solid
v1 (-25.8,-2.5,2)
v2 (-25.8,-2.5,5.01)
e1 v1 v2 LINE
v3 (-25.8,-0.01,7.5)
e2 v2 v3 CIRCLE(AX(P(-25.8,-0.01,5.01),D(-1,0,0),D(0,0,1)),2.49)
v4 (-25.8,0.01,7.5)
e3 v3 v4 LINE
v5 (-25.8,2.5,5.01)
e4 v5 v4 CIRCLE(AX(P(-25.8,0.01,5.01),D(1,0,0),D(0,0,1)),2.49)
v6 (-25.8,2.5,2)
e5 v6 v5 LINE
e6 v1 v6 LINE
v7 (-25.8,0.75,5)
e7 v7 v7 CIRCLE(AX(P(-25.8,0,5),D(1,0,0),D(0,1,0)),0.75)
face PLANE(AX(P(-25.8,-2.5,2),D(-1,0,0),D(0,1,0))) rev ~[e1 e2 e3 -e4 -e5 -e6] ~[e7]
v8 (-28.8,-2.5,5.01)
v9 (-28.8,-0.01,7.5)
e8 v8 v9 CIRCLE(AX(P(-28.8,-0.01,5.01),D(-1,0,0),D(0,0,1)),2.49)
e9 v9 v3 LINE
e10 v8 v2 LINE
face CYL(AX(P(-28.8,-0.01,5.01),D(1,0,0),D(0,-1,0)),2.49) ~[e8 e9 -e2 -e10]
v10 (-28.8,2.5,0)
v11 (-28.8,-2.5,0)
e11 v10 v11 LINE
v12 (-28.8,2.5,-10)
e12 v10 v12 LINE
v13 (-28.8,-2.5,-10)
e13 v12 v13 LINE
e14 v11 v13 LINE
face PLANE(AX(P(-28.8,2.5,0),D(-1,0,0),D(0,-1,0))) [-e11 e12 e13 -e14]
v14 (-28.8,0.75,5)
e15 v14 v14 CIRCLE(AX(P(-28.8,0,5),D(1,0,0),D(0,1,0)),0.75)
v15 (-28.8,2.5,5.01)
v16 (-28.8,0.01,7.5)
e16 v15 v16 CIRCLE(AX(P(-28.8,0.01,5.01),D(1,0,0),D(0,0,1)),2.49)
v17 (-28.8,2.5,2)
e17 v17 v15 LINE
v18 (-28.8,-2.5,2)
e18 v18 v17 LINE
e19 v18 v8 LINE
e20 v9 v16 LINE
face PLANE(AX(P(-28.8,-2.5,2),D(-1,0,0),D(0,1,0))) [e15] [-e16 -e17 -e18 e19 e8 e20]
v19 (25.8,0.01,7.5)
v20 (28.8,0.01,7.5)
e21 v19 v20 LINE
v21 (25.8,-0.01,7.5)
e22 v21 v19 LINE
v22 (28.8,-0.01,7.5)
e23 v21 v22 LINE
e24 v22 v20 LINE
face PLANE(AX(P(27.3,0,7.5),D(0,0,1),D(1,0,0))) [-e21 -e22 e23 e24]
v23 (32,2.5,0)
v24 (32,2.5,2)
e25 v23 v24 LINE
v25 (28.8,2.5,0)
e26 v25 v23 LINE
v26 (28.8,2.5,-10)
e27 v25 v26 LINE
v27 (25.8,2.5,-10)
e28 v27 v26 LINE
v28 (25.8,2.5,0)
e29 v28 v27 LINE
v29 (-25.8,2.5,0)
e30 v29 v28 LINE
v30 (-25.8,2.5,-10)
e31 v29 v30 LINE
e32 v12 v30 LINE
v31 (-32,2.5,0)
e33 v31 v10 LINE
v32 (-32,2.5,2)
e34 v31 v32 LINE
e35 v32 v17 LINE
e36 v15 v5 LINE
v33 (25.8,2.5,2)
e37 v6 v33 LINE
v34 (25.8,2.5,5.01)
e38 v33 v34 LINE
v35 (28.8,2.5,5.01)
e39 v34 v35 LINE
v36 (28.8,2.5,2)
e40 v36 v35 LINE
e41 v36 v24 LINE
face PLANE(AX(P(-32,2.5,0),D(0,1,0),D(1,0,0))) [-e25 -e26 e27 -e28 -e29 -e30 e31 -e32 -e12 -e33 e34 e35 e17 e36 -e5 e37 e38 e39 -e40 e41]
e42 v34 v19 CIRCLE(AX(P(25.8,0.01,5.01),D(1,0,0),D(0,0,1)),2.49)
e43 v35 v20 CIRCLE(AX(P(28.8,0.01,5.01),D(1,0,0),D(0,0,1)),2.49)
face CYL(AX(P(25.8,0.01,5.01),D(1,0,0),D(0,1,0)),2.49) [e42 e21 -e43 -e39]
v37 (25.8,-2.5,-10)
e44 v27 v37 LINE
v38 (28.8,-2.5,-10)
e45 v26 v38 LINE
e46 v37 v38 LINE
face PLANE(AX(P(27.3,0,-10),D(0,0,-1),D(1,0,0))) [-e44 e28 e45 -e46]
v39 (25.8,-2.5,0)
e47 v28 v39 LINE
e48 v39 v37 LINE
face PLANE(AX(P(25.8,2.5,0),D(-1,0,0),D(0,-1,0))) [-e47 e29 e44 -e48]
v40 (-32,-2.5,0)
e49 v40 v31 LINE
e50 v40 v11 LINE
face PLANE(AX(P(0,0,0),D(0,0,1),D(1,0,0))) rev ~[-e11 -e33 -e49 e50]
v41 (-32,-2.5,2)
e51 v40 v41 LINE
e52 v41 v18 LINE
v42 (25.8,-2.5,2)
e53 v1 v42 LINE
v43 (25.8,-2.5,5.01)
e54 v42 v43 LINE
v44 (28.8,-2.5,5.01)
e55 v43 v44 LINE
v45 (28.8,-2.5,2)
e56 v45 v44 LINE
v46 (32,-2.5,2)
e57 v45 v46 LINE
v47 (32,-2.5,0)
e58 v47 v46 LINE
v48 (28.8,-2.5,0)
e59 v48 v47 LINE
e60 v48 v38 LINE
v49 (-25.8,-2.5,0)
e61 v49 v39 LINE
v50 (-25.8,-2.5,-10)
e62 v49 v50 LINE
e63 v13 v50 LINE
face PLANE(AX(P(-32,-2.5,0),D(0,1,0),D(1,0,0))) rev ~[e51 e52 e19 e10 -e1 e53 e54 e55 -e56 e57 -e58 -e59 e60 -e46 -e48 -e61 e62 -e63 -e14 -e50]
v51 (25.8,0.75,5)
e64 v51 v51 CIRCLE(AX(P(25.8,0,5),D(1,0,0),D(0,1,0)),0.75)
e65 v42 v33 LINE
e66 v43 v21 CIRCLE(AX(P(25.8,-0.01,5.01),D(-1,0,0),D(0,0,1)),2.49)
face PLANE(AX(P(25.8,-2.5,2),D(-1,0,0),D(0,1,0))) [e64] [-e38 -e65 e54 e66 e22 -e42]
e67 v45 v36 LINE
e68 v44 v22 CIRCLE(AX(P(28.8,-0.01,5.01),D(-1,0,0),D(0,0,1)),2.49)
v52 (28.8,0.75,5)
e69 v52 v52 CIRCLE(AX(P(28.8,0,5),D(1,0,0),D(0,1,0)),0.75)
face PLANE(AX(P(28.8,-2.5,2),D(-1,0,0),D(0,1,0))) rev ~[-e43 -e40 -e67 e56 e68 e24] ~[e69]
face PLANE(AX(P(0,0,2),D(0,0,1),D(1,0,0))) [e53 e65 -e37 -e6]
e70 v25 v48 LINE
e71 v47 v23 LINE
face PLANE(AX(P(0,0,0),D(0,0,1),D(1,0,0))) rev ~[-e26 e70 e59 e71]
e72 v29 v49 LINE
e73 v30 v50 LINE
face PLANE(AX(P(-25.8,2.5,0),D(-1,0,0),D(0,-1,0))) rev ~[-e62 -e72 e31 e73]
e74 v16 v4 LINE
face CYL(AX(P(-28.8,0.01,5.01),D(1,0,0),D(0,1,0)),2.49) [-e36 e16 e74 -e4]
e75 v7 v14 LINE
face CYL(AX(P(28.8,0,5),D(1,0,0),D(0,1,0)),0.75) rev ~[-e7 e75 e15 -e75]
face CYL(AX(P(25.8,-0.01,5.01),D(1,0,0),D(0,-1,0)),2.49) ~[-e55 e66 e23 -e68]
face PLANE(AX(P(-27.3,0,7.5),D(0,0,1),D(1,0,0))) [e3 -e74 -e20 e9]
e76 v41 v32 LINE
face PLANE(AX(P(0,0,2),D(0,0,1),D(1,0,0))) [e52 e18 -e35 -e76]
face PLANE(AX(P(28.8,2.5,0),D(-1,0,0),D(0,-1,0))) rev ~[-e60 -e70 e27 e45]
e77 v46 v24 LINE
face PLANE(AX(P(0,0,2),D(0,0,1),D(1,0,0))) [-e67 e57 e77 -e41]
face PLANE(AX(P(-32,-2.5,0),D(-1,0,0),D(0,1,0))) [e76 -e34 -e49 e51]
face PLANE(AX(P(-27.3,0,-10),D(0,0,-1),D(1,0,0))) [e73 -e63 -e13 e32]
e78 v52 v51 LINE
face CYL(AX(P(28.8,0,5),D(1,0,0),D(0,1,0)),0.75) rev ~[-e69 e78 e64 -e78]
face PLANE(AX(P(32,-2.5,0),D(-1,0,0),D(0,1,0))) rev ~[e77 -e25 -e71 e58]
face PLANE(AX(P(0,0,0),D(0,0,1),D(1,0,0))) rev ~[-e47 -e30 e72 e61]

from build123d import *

# Parameters (mm, degrees)
SKETCH_W     = 64
SKETCH_H     = 5
PAD_DEPTH    = 2
SKETCH001_W  = 3
SKETCH001_H  = 5
PAD001_DEPTH = 5.5
SKETCH002_R  = 0.75
POCKET_DEPTH = 70
SKETCH003_W  = 3
SKETCH003_H  = 5
PAD002_DEPTH = 10
FILLET_R     = 2.49


with BuildPart() as part:
    # Sketch → Pad (new body)
    with BuildSketch(Plane.XY):
        Rectangle(SKETCH_W, SKETCH_H)
    extrude(amount=PAD_DEPTH)

    # Sketch001 (on Face6 of Pad) → Pad001 (join)
    with BuildSketch(Plane.XY.offset(2)):
        with Locations((-27.3, 0)):
            Rectangle(SKETCH001_W, SKETCH001_H)
        with Locations((27.3, 0)):
            Rectangle(SKETCH001_W, SKETCH001_H)
    extrude(amount=PAD001_DEPTH)

    # Sketch002 (on Face15 of Pad001) → Pocket (cut)
    with BuildSketch(Plane.YZ.offset(28.8)):
        with Locations((0, 5)):
            Circle(SKETCH002_R)
    extrude(amount=-POCKET_DEPTH, mode=Mode.SUBTRACT)

    # Sketch003 (on Face4 of Pocket) → Pad002 (join)
    with BuildSketch(Plane(origin=(0, 0, 0), x_dir=(1, 0, 0), z_dir=(0, 0, -1))):
        with Locations((-27.3, 0)):
            Rectangle(SKETCH003_W, SKETCH003_H)
        with Locations((27.3, 0)):
            Rectangle(SKETCH003_W, SKETCH003_H)
    extrude(amount=PAD002_DEPTH)

    # Fillet
    fillet_edges = [part.edges().sort_by_distance(p)[0] for p in [
        (27.3, -2.5, 7.5),
        (-27.3, -2.5, 7.5),
        (-27.3, 2.5, 7.5),
        (27.3, 2.5, 7.5),
    ]]
    fillet(fillet_edges, radius=FILLET_R)


solid = part.part
